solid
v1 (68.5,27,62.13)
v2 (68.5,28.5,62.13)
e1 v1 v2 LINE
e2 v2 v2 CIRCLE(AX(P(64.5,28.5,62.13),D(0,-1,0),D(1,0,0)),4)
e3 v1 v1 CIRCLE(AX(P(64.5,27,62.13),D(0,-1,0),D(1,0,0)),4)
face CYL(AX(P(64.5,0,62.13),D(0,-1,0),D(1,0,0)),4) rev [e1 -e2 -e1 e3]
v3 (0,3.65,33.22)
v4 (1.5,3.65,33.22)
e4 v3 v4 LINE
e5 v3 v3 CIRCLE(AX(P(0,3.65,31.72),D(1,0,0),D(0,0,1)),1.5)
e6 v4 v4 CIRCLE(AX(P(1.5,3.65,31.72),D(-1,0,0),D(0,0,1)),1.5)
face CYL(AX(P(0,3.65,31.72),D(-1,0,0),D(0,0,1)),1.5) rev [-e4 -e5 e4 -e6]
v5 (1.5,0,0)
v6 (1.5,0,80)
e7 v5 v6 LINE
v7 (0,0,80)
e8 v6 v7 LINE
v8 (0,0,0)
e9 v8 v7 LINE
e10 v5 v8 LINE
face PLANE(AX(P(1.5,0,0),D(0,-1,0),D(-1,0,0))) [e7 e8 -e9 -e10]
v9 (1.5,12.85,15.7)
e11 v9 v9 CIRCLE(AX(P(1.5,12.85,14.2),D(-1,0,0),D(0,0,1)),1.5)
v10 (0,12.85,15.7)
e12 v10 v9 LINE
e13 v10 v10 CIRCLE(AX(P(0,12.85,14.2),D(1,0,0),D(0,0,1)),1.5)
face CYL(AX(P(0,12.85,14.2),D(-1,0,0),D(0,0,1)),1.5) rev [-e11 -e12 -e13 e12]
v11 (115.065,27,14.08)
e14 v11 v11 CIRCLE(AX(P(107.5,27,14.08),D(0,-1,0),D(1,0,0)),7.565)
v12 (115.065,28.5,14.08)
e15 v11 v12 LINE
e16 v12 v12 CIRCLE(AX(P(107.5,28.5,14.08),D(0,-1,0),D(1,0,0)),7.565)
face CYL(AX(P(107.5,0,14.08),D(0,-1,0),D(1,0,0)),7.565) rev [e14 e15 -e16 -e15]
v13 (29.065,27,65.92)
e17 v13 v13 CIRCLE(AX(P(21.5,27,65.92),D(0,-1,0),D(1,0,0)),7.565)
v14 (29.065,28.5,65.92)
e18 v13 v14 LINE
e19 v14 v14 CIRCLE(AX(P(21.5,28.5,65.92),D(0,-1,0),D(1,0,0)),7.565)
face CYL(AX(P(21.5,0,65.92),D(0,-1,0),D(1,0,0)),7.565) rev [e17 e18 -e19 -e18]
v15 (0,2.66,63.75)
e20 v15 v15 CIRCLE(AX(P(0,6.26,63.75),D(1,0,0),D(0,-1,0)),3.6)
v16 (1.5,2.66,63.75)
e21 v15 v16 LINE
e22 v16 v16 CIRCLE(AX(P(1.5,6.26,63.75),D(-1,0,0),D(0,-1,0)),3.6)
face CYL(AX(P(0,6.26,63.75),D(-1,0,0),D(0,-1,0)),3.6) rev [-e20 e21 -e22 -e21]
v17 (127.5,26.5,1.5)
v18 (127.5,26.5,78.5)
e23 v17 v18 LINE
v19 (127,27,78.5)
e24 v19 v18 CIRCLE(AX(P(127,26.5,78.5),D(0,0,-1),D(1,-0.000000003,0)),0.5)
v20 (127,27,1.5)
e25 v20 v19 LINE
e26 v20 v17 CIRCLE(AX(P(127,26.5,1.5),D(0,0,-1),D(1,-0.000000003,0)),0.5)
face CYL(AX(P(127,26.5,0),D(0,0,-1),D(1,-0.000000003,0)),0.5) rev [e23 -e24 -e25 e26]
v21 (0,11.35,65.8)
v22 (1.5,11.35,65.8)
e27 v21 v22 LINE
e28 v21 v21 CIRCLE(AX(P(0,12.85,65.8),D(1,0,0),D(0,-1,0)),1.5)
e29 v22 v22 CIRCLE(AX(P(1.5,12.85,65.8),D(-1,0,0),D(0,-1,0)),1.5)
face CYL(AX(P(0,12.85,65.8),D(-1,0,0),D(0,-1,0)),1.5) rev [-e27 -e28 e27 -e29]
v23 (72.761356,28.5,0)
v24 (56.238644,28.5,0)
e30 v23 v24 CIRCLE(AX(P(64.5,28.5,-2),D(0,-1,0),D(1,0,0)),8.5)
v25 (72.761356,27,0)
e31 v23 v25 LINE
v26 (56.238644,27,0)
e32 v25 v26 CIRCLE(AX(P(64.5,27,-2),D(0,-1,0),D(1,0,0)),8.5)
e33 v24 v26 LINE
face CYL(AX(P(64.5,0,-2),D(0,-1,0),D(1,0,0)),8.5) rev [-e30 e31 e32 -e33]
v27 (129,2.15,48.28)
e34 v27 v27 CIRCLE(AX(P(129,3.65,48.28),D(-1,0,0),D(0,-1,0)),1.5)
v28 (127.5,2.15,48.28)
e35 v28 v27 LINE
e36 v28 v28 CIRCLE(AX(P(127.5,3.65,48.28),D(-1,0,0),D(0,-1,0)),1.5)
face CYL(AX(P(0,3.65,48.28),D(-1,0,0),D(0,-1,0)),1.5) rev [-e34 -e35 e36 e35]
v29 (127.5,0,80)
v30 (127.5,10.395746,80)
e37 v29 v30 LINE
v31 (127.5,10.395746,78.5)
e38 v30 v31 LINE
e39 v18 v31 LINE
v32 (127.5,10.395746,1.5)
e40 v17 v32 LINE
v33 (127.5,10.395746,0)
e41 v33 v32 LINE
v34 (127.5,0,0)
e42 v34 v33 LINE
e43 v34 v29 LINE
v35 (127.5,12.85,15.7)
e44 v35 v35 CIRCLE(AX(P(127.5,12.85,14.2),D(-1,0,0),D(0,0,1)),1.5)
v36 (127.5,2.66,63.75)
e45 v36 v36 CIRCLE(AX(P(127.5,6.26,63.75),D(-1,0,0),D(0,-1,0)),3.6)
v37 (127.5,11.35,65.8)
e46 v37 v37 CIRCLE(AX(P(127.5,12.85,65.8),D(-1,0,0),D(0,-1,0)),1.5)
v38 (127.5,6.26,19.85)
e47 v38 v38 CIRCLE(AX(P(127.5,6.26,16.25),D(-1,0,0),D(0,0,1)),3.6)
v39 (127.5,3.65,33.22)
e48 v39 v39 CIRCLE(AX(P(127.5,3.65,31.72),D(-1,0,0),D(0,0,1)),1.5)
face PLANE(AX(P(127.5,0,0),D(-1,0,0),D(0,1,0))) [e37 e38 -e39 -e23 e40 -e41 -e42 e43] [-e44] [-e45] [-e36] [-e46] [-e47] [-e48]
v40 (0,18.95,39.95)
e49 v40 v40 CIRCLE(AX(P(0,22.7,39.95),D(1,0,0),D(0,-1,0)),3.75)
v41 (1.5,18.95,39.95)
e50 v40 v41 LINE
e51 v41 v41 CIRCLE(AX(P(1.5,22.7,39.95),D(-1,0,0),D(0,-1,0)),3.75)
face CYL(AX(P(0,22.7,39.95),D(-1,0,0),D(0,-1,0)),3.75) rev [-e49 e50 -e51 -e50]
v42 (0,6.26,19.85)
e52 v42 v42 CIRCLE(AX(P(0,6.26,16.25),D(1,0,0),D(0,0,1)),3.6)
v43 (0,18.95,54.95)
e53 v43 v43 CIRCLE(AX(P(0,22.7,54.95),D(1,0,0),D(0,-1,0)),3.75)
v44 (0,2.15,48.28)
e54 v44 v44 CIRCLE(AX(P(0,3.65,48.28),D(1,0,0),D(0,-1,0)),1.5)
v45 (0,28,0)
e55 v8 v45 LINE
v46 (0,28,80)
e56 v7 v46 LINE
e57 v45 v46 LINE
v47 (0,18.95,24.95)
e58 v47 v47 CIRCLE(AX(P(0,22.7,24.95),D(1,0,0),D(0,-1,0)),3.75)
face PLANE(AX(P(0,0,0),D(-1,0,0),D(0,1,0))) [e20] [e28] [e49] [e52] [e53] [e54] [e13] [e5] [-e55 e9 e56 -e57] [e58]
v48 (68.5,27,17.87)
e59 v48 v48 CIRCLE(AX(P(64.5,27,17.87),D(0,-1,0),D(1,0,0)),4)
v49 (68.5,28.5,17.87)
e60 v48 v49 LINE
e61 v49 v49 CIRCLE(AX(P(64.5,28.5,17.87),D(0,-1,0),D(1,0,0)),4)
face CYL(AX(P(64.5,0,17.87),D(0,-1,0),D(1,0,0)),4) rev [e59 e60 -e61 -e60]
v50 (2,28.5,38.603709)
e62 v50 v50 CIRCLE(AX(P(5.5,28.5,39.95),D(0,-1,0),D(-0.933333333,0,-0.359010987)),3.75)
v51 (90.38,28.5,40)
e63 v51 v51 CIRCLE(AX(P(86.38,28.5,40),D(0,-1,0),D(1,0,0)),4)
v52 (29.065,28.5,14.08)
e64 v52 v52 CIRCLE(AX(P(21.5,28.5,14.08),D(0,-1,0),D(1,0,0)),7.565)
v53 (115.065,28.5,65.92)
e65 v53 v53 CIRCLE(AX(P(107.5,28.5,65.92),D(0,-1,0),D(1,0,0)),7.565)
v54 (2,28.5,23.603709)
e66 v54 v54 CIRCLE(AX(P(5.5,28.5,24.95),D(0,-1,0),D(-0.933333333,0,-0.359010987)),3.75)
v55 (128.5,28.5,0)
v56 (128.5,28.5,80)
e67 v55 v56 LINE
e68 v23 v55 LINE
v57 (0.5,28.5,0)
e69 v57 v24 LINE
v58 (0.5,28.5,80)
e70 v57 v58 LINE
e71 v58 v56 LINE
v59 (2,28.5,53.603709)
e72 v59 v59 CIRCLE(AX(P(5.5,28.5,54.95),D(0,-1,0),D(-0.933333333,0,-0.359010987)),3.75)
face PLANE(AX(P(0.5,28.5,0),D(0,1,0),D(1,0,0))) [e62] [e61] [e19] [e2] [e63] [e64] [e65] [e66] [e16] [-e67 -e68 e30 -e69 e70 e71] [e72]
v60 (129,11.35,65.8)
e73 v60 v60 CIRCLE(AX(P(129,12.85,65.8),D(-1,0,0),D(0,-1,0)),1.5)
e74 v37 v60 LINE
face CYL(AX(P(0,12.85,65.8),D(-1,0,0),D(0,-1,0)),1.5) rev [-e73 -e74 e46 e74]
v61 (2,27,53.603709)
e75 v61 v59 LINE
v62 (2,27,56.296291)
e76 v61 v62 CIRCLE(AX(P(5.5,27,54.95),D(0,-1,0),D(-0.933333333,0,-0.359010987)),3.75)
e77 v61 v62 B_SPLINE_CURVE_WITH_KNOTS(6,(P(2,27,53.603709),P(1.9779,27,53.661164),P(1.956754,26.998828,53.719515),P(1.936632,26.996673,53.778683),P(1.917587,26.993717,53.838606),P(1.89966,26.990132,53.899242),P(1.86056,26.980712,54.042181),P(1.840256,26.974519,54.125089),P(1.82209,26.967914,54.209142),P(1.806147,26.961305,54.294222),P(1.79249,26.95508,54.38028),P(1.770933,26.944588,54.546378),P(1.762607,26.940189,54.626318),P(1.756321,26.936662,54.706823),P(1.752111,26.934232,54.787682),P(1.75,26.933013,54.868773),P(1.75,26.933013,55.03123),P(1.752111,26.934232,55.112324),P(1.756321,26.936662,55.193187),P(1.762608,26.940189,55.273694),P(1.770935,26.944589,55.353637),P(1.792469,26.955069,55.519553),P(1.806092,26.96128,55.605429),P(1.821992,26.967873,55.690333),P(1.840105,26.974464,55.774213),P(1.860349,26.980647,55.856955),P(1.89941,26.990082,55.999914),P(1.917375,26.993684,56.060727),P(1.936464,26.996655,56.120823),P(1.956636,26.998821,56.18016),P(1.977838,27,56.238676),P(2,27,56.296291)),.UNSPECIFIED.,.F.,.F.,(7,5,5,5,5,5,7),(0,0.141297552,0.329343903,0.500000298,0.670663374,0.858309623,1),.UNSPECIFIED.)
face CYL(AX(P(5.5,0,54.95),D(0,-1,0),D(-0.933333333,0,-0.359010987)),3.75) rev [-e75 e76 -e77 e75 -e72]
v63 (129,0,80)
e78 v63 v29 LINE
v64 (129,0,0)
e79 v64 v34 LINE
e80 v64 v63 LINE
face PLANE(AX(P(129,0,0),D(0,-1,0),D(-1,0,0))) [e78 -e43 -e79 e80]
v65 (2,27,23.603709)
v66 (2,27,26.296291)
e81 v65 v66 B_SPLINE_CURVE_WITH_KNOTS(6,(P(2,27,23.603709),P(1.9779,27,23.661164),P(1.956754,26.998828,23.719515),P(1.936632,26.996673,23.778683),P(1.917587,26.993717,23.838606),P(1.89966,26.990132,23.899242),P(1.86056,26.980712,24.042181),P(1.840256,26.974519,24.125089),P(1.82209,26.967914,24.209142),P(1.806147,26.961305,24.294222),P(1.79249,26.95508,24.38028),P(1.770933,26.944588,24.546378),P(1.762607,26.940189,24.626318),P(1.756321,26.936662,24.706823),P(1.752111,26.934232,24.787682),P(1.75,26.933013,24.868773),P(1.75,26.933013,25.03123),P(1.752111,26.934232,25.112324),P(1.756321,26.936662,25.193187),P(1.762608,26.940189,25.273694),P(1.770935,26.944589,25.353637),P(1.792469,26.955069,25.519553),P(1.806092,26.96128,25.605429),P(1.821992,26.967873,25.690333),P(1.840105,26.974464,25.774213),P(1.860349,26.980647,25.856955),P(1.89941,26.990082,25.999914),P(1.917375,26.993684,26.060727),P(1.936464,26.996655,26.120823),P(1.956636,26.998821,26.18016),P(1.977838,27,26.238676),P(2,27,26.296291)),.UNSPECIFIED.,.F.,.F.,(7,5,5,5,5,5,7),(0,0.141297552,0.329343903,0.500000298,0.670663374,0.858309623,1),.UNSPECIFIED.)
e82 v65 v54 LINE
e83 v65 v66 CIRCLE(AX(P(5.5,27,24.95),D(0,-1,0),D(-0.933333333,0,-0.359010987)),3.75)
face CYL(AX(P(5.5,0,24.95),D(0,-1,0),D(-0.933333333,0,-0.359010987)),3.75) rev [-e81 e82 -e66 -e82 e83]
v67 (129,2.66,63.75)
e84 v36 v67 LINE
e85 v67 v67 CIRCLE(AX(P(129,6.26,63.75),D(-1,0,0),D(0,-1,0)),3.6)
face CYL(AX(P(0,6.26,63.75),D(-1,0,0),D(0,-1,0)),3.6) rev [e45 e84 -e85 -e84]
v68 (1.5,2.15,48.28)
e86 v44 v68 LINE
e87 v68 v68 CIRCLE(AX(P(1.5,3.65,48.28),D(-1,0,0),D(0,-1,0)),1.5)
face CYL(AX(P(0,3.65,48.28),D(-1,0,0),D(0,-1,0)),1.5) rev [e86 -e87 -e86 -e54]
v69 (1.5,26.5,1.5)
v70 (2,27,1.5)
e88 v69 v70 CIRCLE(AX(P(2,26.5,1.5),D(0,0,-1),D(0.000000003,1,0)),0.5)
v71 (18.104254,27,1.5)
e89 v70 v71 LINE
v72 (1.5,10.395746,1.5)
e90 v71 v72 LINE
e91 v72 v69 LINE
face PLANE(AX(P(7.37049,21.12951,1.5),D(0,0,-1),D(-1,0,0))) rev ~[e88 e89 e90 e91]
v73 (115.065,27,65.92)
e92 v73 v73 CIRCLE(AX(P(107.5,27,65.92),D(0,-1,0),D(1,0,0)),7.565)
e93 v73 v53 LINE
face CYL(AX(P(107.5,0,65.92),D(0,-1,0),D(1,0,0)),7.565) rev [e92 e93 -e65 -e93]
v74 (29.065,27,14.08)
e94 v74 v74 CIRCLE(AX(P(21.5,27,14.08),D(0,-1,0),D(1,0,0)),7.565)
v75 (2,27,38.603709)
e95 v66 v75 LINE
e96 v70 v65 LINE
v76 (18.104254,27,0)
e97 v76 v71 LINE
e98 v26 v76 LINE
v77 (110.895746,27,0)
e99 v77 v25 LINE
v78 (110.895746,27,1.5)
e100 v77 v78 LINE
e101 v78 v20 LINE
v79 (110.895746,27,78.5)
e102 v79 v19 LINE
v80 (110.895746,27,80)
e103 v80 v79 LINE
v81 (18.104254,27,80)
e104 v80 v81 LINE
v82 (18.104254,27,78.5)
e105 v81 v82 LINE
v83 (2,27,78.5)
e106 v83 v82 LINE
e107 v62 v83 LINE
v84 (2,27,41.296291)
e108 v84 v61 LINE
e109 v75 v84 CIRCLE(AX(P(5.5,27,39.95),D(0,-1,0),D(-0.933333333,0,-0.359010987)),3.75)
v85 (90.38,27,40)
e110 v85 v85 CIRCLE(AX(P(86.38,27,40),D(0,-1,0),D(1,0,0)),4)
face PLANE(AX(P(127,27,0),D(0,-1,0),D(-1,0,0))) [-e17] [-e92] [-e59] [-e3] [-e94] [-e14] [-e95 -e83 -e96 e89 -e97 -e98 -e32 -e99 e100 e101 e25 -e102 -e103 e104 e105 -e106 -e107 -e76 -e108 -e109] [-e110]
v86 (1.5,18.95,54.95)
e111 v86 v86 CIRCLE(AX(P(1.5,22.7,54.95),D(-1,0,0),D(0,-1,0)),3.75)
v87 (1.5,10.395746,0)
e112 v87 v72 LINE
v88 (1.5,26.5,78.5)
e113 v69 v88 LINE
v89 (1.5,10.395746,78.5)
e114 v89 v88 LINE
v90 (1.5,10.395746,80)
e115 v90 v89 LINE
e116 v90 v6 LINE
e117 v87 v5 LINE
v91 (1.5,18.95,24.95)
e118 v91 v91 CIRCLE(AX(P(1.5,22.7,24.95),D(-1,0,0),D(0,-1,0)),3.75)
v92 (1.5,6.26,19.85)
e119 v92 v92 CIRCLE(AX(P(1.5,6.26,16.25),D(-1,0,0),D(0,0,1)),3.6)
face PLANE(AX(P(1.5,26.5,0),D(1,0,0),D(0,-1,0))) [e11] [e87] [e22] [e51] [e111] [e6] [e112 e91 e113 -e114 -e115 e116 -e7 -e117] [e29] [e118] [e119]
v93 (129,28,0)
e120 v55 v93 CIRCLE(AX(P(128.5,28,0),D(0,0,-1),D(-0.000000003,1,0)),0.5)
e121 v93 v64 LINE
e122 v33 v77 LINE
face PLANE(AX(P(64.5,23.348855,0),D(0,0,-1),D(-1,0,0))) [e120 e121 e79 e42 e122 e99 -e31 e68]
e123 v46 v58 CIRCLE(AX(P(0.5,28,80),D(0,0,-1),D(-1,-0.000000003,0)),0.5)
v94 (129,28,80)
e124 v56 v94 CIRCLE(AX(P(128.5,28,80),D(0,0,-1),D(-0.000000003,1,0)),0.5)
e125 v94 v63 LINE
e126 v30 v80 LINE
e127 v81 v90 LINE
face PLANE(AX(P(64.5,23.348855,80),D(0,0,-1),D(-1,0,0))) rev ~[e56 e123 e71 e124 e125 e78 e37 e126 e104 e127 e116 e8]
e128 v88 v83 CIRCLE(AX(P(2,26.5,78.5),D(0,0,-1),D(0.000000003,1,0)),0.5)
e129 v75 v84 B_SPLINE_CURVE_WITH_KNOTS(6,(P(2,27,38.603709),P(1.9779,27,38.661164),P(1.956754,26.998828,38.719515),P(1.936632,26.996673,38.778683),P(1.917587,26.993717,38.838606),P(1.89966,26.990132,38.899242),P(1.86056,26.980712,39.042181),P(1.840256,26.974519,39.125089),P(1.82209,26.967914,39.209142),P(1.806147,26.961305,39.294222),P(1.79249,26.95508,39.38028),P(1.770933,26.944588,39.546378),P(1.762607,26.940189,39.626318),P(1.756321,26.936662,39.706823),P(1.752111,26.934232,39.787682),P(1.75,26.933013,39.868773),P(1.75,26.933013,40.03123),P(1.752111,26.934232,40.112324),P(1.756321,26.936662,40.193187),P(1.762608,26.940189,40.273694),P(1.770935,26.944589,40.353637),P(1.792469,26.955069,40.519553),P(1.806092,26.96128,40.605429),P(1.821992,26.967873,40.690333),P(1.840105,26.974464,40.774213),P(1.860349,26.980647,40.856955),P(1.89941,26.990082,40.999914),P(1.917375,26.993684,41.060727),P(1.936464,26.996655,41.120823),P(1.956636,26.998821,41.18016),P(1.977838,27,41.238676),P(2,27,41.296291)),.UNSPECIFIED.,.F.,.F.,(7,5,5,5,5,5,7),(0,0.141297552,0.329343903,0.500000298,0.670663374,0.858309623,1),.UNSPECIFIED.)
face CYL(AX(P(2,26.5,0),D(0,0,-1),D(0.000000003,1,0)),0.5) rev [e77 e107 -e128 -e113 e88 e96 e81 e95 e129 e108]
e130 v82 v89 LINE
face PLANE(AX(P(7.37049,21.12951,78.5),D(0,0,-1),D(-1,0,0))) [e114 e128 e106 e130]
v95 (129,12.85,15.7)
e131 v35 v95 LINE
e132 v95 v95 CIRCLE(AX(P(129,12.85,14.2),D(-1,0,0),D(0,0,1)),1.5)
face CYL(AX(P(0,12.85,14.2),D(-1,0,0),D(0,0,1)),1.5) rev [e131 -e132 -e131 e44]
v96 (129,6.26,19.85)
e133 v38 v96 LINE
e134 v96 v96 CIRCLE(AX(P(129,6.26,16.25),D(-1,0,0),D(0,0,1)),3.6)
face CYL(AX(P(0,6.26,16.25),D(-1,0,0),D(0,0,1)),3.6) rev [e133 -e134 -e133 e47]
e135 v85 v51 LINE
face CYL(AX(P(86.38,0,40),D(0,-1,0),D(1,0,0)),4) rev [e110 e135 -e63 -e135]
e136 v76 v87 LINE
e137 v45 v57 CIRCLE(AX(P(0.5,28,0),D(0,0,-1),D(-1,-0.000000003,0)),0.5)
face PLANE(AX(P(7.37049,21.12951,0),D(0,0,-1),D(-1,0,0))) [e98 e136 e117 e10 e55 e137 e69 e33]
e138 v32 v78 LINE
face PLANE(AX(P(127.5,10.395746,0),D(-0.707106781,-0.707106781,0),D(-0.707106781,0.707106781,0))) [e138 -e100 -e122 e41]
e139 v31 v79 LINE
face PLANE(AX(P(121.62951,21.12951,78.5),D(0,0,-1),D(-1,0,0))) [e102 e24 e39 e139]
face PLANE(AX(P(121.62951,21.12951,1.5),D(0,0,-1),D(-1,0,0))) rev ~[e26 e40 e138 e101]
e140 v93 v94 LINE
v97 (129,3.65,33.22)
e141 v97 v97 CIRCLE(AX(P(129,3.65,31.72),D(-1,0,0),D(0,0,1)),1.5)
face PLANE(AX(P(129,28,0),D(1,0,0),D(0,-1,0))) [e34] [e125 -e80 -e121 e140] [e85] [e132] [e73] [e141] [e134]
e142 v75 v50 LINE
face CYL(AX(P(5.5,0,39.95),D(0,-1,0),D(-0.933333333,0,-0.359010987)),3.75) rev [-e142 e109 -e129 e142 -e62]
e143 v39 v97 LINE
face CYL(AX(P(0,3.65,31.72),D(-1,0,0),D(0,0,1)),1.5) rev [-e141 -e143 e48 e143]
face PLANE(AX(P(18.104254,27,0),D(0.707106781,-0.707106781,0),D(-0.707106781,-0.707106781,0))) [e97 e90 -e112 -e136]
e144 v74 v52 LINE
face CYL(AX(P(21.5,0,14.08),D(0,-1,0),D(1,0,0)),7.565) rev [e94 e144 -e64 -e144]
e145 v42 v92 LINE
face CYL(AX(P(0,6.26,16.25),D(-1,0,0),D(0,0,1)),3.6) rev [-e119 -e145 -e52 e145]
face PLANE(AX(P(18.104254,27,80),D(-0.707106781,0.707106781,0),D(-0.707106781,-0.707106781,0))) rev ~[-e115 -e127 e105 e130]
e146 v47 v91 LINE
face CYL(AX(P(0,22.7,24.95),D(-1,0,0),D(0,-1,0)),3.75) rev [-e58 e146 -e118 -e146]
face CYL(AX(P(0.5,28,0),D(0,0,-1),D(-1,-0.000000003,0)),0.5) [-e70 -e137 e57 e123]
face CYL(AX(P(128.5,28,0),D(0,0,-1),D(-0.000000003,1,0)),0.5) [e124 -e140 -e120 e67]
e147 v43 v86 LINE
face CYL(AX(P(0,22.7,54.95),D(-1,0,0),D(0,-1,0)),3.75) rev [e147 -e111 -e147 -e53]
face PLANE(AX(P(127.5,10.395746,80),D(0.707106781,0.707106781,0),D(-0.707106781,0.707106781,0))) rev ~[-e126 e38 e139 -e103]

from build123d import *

# Parameters (mm, degrees)
SALIENTE_EXTRUIR1_DEPTH = 80
CROQUIS3_R              = 1.5
CROQUIS3_R_2            = 3.6
CORTAR_EXTRUIR2_DEPTH   = 155.44497402
CROQUIS4_R              = 3.75
CORTAR_EXTRUIR3_DEPTH   = 80
CROQUIS5_R              = 7.565
CROQUIS5_R_2            = 8.5
CROQUIS5_R_3            = 4
CROQUIS5_R_4            = 3.75
CORTAR_EXTRUIR4_DEPTH   = 80
SALIENTE_EXTRUIR2_DEPTH = 1.5
SALIENTE_EXTRUIR4_DEPTH = 1.5


with BuildPart() as part:
    # Croquis1 → Saliente-Extruir1 (new body)
    with BuildSketch(Plane.XY):
        with BuildLine():
            Line((0, 0), (0, 28))
            ThreePointArc((0, 28), (0.146446609, 28.353553391), (0.5, 28.5))
            Line((0.5, 28.5), (128.5, 28.5))
            ThreePointArc((128.5, 28.5), (128.853553391, 28.353553391), (129, 28))
            Line((129, 28), (129, 0))
            Line((129, 0), (127.5, 0))
            Line((127.5, 0), (127.5, 26.5))
            ThreePointArc((127.5, 26.5), (127.353553391, 26.853553391), (127, 27))
            Line((127, 27), (2, 27))
            ThreePointArc((2, 27), (1.646446609, 26.853553391), (1.5, 26.5))
            Line((1.5, 26.5), (1.5, 0))
            Line((1.5, 0), (0, 0))
        make_face()
    extrude(amount=SALIENTE_EXTRUIR1_DEPTH)

    # Croquis3 → Cortar-Extruir2 (cut, through all)
    with BuildSketch(Plane(origin=(0, 0, 0), x_dir=(0, 0, -1), z_dir=(1, 0, 0))):
        with Locations(Location((-48.28, 3.65, 0), (0, 0, 270))):
            Circle(CROQUIS3_R)
        with Locations(Location((-65.8, 12.85, 0), (0, 0, 270))):
            Circle(CROQUIS3_R)
        with Locations(Location((-63.75, 6.26, 0), (0, 0, 270))):
            Circle(CROQUIS3_R_2)
        with Locations(Location((-31.72, 3.65, 0), (0, 0, 180))):
            Circle(CROQUIS3_R)
        with Locations(Location((-16.25, 6.26, 0), (0, 0, 180))):
            Circle(CROQUIS3_R_2)
        with Locations(Location((-14.2, 12.85, 0), (0, 0, 180))):
            Circle(CROQUIS3_R)
    extrude(amount=CORTAR_EXTRUIR2_DEPTH, mode=Mode.SUBTRACT)

    # Croquis4 → Cortar-Extruir3 (cut)
    with BuildSketch(Plane(origin=(0, 0, 0), x_dir=(0, 0, -1), z_dir=(1, 0, 0))):
        with Locations(Location((-39.95, 22.7, 0), (0, 0, 270))):
            Circle(CROQUIS4_R)
        with Locations(Location((-24.95, 22.7, 0), (0, 0, 270))):
            Circle(CROQUIS4_R)
        with Locations(Location((-54.95, 22.7, 0), (0, 0, 270))):
            Circle(CROQUIS4_R)
    extrude(amount=CORTAR_EXTRUIR3_DEPTH, mode=Mode.SUBTRACT)

    # Croquis5 → Cortar-Extruir4 (cut)
    with BuildSketch(Plane(origin=(0, 0, 0), x_dir=(1, 0, 0), z_dir=(0, 1, 0))):
        with Locations((21.5, -65.92)):
            Circle(CROQUIS5_R)
        with Locations((64.5, 2)):
            Circle(CROQUIS5_R_2)
        with Locations((86.38, -40)):
            Circle(CROQUIS5_R_3)
        with Locations((64.5, -17.87)):
            Circle(CROQUIS5_R_3)
        with Locations((64.5, -62.13)):
            Circle(CROQUIS5_R_3)
        with Locations((107.5, -65.92)):
            Circle(CROQUIS5_R)
        with Locations((21.5, -14.08)):
            Circle(CROQUIS5_R)
        with Locations((107.5, -14.08)):
            Circle(CROQUIS5_R)
        with Locations(Location((5.5, -24.95, 0), (0, 0, 158.960530219))):
            Circle(CROQUIS5_R_4)
        with Locations(Location((5.5, -39.95, 0), (0, 0, 158.960530219))):
            Circle(CROQUIS5_R_4)
        with Locations(Location((5.5, -54.95, 0), (0, 0, 158.960530219))):
            Circle(CROQUIS5_R_4)
    extrude(amount=CORTAR_EXTRUIR4_DEPTH, mode=Mode.SUBTRACT)

    # Croquis6 → Saliente-Extruir2 (add)
    with BuildSketch(Plane.XY):
        Polygon((18.104253919, 27), (1.5, 10.395746081), (1.5, 27), align=None)
        Polygon((127.5, 27), (127.5, 10.395746081), (110.895746081, 27), align=None)
    extrude(amount=SALIENTE_EXTRUIR2_DEPTH)

    # Croquis7 → Saliente-Extruir4 (add)
    with BuildSketch(Plane.XY.offset(80)):
        Polygon((1.5, 27), (18.104253919, 27), (1.5, 10.395746081), align=None)
        Polygon((127.5, 27), (127.5, 10.395746081), (110.895746081, 27), align=None)
    extrude(amount=-SALIENTE_EXTRUIR4_DEPTH)


solid = part.part
